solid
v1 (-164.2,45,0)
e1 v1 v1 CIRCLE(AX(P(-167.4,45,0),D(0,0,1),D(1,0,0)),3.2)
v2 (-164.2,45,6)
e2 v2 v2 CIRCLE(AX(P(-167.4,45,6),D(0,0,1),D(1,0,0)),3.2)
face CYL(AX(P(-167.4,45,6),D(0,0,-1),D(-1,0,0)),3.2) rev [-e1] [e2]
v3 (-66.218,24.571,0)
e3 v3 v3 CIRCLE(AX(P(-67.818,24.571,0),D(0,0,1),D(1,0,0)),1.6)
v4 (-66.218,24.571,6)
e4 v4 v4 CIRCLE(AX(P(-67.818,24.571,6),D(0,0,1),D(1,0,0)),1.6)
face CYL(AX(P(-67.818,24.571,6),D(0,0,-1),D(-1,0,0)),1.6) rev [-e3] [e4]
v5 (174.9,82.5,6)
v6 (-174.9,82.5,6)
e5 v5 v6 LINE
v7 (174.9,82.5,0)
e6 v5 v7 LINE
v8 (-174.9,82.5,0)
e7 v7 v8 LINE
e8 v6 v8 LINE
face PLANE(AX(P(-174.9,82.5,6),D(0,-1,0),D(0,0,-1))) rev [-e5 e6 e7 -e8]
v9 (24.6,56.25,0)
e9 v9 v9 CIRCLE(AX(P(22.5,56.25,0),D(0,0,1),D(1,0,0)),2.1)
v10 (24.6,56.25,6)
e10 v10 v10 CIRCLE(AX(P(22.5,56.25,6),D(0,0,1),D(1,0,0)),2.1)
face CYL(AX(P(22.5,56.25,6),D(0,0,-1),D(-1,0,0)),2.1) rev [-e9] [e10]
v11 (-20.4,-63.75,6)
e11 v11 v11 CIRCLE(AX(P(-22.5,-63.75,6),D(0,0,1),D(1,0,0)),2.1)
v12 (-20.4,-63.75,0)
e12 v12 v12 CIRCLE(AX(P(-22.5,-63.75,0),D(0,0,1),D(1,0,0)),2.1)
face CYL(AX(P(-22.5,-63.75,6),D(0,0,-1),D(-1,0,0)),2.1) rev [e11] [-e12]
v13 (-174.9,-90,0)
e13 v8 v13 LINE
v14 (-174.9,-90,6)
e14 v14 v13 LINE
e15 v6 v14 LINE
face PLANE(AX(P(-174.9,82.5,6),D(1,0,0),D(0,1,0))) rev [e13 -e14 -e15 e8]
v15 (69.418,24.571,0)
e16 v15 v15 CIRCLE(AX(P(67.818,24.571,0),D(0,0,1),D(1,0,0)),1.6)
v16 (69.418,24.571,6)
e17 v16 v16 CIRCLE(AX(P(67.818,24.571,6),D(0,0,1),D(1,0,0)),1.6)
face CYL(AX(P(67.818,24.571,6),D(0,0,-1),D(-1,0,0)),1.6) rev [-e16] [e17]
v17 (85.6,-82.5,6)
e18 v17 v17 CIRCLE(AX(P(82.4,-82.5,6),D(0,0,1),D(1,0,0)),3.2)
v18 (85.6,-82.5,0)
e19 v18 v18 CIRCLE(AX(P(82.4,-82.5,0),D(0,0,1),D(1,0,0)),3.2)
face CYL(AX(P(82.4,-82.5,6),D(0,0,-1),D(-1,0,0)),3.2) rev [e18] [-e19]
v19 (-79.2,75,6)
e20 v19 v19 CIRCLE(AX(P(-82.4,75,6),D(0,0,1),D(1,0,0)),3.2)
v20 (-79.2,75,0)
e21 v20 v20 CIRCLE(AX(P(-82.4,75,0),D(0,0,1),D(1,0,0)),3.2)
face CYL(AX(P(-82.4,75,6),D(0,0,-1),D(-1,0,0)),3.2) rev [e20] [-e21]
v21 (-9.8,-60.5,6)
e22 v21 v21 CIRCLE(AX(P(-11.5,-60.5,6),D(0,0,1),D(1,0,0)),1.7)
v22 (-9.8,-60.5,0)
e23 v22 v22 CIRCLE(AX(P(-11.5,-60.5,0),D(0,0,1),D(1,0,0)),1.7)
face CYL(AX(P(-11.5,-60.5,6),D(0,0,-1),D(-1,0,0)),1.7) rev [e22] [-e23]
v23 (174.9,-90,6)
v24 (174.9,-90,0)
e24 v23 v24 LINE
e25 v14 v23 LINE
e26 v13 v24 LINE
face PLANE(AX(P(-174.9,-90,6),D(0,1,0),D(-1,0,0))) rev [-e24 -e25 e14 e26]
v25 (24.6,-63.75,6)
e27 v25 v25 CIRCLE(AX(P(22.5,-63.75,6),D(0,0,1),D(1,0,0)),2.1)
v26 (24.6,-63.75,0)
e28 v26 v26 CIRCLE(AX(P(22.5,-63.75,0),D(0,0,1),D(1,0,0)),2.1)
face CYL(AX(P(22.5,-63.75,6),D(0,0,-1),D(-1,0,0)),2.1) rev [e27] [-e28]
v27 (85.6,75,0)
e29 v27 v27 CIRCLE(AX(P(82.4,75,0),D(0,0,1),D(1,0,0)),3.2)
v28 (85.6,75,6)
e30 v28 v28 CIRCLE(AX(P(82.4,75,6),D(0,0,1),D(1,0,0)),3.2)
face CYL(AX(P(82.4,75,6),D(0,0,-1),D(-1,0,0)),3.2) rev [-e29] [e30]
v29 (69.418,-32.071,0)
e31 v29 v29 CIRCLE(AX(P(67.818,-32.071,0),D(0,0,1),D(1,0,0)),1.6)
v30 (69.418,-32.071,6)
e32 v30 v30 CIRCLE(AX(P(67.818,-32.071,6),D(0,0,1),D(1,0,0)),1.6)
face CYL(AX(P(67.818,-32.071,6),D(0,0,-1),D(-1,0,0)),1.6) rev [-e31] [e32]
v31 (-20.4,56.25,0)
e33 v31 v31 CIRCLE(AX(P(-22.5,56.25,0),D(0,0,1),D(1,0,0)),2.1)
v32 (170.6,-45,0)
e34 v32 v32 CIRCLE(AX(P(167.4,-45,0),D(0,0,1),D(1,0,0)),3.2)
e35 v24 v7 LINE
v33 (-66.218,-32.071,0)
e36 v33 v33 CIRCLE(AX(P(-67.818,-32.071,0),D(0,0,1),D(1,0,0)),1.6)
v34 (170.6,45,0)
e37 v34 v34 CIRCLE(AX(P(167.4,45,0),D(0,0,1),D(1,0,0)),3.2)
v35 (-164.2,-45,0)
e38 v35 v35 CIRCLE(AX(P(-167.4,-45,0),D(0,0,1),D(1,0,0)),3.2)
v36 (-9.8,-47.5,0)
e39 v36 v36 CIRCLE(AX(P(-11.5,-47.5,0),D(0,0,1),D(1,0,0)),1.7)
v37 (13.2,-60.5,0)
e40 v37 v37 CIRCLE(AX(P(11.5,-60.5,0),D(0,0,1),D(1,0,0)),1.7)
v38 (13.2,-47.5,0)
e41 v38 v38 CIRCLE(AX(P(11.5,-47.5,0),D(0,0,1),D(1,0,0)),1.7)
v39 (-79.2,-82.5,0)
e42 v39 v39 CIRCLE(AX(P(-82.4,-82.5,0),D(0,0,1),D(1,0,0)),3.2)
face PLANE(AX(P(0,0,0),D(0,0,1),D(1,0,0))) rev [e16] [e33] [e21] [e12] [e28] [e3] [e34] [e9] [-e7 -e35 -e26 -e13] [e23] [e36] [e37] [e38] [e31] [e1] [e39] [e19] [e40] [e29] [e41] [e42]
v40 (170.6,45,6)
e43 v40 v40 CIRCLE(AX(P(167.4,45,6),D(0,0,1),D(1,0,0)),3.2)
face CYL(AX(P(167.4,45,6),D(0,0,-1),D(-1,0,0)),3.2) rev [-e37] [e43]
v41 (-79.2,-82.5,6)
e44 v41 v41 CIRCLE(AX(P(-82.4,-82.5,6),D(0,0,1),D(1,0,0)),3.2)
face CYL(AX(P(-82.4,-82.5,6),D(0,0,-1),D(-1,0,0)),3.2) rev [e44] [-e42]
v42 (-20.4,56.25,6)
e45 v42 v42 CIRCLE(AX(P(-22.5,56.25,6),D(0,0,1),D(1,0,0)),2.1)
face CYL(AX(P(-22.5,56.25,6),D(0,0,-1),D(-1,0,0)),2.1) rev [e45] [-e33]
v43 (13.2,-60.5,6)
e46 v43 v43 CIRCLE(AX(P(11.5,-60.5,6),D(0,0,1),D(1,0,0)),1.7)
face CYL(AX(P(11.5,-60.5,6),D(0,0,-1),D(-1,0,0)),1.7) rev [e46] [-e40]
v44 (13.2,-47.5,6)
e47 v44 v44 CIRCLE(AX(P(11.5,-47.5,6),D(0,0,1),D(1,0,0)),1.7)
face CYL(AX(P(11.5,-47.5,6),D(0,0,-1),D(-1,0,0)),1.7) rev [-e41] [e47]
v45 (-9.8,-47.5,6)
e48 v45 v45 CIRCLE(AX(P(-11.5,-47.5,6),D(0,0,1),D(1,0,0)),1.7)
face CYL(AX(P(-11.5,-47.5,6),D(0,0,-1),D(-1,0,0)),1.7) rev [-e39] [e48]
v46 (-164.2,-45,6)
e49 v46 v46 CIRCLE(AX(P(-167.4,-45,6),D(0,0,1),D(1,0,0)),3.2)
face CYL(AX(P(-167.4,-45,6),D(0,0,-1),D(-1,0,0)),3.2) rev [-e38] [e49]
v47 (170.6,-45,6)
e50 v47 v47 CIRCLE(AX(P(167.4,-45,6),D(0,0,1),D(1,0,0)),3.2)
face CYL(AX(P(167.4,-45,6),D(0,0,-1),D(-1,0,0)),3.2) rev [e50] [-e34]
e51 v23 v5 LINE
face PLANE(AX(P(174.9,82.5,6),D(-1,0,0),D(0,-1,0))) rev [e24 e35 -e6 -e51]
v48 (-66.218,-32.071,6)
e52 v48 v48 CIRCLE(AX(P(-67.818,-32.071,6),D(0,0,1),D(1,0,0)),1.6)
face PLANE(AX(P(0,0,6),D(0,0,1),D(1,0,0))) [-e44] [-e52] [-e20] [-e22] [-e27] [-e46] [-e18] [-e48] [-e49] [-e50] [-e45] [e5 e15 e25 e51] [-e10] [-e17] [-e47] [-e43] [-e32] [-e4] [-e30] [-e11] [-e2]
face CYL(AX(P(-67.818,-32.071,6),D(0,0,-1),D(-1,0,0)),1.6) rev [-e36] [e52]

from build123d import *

# Parameters (mm, degrees)
SKETCH2_W           = 349.8
SKETCH2_H           = 172.5
SKETCH2_R           = 3.2
SKETCH2_R_2         = 1.6
SKETCH2_R_3         = 2.1
SKETCH2_R_4         = 1.7
BOSS_EXTRUDE1_DEPTH = 6


with BuildPart() as part:
    # Sketch2 → Boss-Extrude1 (new body)
    with BuildSketch(Plane.XY):
        with Locations((0, -3.75)):
            Rectangle(SKETCH2_W, SKETCH2_H)
        with Locations((-82.4, 75)):
            Circle(SKETCH2_R, mode=Mode.SUBTRACT)
        with Locations((82.4, 75)):
            Circle(SKETCH2_R, mode=Mode.SUBTRACT)
        with Locations((-67.818, 24.571)):
            Circle(SKETCH2_R_2, mode=Mode.SUBTRACT)
        with Locations((-167.4, -45)):
            Circle(SKETCH2_R, mode=Mode.SUBTRACT)
        with Locations((167.4, -45)):
            Circle(SKETCH2_R, mode=Mode.SUBTRACT)
        with Locations((22.5, -63.75)):
            Circle(SKETCH2_R_3, mode=Mode.SUBTRACT)
        with Locations((22.5, 56.25)):
            Circle(SKETCH2_R_3, mode=Mode.SUBTRACT)
        with Locations((-67.818, -32.071)):
            Circle(SKETCH2_R_2, mode=Mode.SUBTRACT)
        with Locations((67.818, -32.071)):
            Circle(SKETCH2_R_2, mode=Mode.SUBTRACT)
        with Locations((67.818, 24.571)):
            Circle(SKETCH2_R_2, mode=Mode.SUBTRACT)
        with Locations((-22.5, 56.25)):
            Circle(SKETCH2_R_3, mode=Mode.SUBTRACT)
        with Locations((-22.5, -63.75)):
            Circle(SKETCH2_R_3, mode=Mode.SUBTRACT)
        with Locations((-11.5, -47.5)):
            Circle(SKETCH2_R_4, mode=Mode.SUBTRACT)
        with Locations((11.5, -47.5)):
            Circle(SKETCH2_R_4, mode=Mode.SUBTRACT)
        with Locations((-167.4, 45)):
            Circle(SKETCH2_R, mode=Mode.SUBTRACT)
        with Locations((167.4, 45)):
            Circle(SKETCH2_R, mode=Mode.SUBTRACT)
        with Locations((-11.5, -60.5)):
            Circle(SKETCH2_R_4, mode=Mode.SUBTRACT)
        with Locations((11.5, -60.5)):
            Circle(SKETCH2_R_4, mode=Mode.SUBTRACT)
        with Locations((-82.4, -82.5)):
            Circle(SKETCH2_R, mode=Mode.SUBTRACT)
        with Locations((82.4, -82.5)):
            Circle(SKETCH2_R, mode=Mode.SUBTRACT)
    extrude(amount=BOSS_EXTRUDE1_DEPTH)


solid = part.part
